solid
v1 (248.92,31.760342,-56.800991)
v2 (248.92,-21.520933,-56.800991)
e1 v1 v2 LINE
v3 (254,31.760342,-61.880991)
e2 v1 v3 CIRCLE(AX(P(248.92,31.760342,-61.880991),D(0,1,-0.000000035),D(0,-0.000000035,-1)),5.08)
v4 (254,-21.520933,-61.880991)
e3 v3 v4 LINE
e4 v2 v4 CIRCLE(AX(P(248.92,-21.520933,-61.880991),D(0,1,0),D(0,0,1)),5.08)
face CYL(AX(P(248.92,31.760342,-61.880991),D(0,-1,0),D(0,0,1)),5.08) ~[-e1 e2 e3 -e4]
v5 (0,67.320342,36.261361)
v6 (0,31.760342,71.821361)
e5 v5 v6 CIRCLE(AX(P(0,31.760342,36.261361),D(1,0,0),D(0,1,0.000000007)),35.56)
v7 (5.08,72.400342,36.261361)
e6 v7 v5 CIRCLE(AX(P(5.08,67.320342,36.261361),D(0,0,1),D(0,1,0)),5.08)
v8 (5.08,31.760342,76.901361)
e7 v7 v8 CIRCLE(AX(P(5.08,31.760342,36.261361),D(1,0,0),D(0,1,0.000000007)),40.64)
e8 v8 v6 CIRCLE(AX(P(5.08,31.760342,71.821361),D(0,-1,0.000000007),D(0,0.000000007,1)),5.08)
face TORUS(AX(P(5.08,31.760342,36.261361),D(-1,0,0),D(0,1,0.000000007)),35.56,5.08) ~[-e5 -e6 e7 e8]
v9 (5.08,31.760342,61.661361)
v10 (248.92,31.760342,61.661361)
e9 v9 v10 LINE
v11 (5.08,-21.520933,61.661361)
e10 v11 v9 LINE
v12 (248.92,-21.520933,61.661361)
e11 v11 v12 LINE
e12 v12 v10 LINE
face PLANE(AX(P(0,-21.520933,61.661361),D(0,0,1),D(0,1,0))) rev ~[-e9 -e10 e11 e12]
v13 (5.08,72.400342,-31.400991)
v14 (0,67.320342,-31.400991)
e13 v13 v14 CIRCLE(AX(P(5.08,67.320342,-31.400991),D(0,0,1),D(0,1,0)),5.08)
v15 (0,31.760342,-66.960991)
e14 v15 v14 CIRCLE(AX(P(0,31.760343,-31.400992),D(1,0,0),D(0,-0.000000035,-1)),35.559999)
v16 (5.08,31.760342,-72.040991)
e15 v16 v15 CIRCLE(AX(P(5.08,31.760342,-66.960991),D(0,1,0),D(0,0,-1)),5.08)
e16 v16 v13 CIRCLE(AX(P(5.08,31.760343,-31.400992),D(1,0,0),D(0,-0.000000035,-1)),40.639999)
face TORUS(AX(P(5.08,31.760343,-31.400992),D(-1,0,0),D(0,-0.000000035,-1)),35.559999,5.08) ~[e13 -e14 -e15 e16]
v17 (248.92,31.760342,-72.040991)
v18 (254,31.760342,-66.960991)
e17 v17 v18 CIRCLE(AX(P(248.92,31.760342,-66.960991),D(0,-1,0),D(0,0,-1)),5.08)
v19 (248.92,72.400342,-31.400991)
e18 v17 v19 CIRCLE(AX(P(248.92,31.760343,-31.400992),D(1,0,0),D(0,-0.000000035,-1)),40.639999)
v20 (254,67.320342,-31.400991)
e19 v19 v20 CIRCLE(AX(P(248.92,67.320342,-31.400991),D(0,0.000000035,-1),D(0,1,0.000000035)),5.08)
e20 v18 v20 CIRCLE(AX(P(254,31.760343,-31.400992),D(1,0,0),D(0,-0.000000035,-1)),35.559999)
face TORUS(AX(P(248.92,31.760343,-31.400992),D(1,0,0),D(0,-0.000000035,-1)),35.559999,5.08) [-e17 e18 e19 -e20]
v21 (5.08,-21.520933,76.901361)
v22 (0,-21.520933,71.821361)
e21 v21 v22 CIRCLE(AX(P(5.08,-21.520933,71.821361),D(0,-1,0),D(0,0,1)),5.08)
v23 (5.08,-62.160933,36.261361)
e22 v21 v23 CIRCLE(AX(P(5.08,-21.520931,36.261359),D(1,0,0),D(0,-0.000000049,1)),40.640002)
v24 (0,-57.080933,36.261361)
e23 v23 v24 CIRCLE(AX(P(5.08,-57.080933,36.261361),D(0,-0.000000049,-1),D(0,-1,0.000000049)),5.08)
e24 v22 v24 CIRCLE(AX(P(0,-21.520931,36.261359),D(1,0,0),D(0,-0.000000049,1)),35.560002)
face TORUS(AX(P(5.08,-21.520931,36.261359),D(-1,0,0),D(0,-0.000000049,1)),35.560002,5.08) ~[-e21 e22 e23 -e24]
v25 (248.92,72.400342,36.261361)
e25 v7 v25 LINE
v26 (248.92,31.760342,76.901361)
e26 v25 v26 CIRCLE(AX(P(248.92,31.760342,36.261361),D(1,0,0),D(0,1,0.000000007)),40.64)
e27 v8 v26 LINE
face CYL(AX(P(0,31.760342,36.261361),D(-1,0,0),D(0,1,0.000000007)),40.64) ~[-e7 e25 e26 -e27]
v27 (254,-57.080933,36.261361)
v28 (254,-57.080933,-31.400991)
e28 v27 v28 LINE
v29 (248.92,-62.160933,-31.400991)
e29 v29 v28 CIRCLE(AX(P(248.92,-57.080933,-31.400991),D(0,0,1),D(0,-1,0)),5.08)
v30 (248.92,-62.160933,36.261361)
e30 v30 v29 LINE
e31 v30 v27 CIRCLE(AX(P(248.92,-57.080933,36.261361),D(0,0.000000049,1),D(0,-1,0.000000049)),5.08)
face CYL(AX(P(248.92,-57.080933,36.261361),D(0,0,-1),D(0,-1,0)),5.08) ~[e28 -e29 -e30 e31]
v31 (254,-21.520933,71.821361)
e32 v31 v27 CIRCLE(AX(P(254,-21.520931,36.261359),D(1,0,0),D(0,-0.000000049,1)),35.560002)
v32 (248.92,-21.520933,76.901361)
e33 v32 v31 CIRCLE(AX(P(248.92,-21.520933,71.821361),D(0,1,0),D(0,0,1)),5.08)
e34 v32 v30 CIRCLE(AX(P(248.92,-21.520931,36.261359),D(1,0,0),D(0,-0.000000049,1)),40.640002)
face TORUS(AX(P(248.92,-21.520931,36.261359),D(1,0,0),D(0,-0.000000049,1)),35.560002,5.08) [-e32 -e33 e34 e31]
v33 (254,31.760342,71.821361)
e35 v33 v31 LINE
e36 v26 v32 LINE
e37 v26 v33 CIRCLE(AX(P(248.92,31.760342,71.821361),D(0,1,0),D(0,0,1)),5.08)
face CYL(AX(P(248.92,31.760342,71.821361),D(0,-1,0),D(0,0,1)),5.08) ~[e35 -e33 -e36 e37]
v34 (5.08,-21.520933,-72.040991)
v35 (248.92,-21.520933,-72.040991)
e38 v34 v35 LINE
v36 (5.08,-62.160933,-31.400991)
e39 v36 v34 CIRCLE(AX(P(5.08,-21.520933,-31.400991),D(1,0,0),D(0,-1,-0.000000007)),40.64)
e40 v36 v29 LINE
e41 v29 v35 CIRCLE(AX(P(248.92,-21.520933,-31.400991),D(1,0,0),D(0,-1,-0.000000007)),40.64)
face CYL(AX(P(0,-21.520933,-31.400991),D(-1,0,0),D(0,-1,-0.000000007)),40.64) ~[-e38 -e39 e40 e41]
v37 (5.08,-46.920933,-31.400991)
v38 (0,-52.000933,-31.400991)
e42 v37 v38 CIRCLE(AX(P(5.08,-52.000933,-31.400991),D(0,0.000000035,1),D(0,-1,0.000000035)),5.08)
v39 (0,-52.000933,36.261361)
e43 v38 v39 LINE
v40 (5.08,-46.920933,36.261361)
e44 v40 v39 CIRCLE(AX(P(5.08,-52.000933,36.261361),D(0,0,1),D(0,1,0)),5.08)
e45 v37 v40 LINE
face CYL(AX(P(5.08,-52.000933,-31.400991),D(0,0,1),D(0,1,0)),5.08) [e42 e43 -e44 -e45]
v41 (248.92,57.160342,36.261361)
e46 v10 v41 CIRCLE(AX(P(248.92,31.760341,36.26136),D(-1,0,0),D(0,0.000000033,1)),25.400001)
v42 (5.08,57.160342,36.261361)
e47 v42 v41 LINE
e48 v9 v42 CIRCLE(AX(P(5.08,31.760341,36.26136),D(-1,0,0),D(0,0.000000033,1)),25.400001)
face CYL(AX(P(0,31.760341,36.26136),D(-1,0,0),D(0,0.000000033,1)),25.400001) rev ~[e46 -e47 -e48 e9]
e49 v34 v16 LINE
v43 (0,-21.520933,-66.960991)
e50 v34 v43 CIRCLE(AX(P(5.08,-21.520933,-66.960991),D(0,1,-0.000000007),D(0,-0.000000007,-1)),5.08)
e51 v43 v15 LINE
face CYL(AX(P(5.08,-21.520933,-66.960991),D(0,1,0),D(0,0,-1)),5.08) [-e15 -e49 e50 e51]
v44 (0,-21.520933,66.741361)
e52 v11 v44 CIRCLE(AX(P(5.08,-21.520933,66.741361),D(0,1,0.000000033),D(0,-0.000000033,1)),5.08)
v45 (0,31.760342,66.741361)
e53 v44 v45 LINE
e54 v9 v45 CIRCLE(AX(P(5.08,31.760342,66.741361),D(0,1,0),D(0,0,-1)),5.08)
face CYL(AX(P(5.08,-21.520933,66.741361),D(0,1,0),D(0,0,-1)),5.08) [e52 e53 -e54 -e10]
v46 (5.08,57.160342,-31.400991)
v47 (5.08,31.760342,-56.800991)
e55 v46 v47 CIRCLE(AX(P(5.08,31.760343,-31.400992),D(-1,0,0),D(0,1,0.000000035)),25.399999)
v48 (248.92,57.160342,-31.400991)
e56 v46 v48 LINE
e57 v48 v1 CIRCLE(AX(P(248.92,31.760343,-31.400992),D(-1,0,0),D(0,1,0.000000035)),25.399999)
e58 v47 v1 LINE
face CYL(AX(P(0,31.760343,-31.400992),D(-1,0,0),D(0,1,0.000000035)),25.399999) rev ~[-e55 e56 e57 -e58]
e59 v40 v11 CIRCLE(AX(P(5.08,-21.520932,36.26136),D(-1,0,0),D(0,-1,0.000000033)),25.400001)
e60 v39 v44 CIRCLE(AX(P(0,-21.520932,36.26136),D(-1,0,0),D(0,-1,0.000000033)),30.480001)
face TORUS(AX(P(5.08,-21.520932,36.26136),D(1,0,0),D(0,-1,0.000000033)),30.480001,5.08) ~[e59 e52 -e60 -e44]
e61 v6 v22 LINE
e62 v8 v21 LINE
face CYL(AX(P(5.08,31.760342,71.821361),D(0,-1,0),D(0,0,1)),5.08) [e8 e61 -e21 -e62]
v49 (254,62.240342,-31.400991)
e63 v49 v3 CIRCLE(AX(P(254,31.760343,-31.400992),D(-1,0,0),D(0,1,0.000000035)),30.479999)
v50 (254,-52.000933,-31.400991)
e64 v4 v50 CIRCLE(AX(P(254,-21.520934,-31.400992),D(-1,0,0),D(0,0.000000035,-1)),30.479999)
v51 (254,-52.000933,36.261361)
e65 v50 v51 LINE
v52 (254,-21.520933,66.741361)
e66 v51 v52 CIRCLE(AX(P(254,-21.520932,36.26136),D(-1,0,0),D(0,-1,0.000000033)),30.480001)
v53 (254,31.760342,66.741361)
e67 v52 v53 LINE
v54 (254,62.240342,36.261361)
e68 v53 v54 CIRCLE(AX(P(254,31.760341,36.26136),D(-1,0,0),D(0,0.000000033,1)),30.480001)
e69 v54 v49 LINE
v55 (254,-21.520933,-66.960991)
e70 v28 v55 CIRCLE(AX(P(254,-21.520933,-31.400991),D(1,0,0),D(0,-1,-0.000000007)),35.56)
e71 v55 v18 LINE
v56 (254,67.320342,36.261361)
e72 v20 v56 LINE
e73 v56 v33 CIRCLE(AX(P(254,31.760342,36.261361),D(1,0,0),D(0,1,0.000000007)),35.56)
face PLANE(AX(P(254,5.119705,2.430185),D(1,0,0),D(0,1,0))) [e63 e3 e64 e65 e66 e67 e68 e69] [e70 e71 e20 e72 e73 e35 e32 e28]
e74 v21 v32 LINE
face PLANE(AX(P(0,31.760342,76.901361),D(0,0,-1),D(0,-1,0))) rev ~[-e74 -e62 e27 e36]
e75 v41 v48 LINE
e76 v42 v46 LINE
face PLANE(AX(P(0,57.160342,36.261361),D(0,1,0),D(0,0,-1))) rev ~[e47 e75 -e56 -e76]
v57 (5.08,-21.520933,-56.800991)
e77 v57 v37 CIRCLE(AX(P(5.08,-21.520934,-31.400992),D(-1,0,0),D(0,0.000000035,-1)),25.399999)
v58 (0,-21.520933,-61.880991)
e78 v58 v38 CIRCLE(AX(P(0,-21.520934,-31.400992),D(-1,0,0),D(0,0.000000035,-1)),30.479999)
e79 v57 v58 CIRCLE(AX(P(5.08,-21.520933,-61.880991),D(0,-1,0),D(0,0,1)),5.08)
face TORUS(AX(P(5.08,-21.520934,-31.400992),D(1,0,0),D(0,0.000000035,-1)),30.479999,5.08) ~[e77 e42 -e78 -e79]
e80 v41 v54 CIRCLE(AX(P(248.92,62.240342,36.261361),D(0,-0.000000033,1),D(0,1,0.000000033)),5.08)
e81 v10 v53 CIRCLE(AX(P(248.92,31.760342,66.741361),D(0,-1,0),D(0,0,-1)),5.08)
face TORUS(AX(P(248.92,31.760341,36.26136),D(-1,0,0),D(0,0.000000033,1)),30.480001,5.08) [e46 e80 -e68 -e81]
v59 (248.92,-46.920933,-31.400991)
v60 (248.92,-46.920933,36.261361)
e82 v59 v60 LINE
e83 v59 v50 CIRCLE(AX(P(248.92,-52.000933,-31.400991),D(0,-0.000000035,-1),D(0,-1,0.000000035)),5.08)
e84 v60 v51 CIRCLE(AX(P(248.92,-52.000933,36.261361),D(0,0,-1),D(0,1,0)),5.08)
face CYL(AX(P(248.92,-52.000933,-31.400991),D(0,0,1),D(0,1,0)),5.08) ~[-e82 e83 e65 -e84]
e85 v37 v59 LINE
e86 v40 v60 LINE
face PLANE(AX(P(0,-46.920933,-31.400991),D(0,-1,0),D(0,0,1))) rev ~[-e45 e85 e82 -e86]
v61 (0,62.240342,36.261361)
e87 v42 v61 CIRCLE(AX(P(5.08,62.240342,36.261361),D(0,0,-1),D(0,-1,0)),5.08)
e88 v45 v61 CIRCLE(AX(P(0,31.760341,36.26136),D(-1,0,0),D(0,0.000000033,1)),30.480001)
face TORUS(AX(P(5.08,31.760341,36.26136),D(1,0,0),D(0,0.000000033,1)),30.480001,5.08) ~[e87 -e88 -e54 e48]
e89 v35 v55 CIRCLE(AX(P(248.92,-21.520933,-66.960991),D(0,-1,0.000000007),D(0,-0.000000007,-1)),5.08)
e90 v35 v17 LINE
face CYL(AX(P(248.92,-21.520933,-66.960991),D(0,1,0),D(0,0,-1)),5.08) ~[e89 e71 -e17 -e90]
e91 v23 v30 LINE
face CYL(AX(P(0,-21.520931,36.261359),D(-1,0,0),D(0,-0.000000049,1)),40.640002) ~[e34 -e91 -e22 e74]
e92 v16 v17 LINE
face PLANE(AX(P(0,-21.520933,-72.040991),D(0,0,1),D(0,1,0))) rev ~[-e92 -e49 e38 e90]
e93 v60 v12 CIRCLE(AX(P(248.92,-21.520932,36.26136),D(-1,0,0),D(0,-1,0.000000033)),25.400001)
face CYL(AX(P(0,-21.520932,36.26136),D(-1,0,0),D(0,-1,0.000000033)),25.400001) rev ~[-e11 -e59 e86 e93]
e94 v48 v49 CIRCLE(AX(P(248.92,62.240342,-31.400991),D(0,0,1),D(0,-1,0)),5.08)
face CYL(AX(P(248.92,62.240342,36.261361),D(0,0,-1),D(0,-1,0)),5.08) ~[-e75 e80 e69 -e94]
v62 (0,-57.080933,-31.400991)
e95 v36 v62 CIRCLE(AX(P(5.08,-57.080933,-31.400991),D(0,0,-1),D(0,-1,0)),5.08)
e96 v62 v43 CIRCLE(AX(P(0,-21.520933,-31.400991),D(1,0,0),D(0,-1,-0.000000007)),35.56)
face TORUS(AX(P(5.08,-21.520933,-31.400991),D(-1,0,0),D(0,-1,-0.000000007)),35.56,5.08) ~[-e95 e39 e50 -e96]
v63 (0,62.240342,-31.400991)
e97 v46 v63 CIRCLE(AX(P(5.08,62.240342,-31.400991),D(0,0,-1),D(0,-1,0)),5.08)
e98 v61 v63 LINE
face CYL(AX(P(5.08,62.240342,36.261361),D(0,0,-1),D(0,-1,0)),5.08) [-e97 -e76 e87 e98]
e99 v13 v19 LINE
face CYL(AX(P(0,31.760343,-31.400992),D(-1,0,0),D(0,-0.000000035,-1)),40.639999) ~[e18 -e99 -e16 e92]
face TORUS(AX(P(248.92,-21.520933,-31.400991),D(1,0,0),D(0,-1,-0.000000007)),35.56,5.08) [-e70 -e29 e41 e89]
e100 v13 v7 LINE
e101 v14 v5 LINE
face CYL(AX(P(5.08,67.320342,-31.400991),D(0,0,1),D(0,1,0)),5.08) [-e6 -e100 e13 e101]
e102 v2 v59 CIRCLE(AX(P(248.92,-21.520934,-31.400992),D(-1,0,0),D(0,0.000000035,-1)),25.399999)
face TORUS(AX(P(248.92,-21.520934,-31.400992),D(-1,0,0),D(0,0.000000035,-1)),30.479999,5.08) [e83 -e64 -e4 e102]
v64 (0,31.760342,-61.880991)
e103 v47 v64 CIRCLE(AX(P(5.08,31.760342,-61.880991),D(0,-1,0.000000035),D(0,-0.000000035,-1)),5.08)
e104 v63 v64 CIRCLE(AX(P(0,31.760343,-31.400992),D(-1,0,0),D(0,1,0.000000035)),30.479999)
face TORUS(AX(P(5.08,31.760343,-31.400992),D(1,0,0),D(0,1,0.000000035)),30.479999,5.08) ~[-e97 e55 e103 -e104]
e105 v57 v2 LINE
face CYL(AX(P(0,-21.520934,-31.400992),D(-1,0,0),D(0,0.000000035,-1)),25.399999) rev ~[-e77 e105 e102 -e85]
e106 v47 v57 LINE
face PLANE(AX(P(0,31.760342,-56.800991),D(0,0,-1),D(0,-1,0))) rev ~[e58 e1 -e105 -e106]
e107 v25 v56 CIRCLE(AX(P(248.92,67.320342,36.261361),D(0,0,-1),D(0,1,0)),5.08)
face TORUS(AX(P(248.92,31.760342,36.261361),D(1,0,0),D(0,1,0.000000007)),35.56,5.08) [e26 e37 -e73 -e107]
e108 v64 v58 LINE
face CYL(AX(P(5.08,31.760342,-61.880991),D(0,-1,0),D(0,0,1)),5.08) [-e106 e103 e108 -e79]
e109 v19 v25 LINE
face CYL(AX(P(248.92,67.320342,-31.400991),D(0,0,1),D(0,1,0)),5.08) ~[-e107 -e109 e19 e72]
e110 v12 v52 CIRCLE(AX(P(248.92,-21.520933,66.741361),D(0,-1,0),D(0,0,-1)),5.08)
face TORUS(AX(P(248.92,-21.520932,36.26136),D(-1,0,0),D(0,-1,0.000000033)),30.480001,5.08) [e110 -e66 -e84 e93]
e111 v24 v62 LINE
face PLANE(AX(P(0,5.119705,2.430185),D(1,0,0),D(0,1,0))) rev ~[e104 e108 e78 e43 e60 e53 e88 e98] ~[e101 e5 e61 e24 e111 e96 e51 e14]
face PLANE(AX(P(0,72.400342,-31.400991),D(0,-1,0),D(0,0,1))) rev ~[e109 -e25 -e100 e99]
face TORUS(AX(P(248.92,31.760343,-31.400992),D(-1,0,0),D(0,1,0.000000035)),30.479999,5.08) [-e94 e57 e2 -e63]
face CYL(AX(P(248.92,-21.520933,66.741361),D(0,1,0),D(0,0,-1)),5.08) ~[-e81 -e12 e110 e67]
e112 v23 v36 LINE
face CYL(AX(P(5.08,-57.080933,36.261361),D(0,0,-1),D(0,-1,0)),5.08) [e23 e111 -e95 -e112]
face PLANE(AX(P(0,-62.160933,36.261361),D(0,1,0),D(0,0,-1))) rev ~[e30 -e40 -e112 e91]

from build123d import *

# Parameters (mm, degrees)
F1_DEPTH = 254
F2_R     = 5.08


with BuildPart() as f1:
    # F0 (on Right) → F1 (new body)
    with BuildSketch(Plane.YZ):
        with BuildLine():
            Line((72.400342, -31.400991), (72.400342, 36.261361))
            ThreePointArc((72.400342, 36.261361), (60.497162, 64.99818), (31.760342, 76.901361))
            Line((31.760342, 76.901361), (-21.520933, 76.901361))
            ThreePointArc((-21.520933, 76.901361), (-50.257752, 64.99818), (-62.160933, 36.261361))
            Line((-62.160933, 36.261361), (-62.160933, -31.400991))
            ThreePointArc((-62.160933, -31.400991), (-50.257752, -60.137811), (-21.520933, -72.040991))
            Line((-21.520933, -72.040991), (31.760342, -72.040991))
            ThreePointArc((31.760342, -72.040991), (60.497162, -60.137811), (72.400342, -31.400991))
        make_face()
        with BuildLine():
            ThreePointArc((-46.920933, 36.261361), (-39.481445, 54.221873), (-21.520933, 61.661361))
            Line((-21.520933, 61.661361), (31.760342, 61.661361))
            ThreePointArc((31.760342, 61.661361), (49.720854, 54.221873), (57.160342, 36.261361))
            Line((57.160342, 36.261361), (57.160342, -31.400991))
            ThreePointArc((57.160342, -31.400991), (49.720854, -49.361504), (31.760342, -56.800991))
            Line((31.760342, -56.800991), (-21.520933, -56.800991))
            ThreePointArc((-21.520933, -56.800991), (-39.481445, -49.361504), (-46.920933, -31.400991))
            Line((-46.920933, -31.400991), (-46.920933, 36.261361))
        make_face(mode=Mode.SUBTRACT)
    extrude(amount=F1_DEPTH)

    # F2
    f2_edges = [f1.edges().sort_by_distance(p)[0] for p in [
        (254, 5.119705, 61.661361),
        (254, 5.119705, 76.901361),
        (254, 60.497162, 64.99818),
        (254, 49.720854, 54.221873),
        (254, 57.160342, 2.430185),
        (254, 60.497162, -60.137811),
        (254, 49.720854, -49.361504),
        (254, 72.400342, 2.430185),
        (254, 5.119705, -56.800991),
        (254, 5.119705, -72.040991),
        (254, -39.481445, -49.361504),
        (254, -50.257752, -60.137811),
        (254, -62.160933, 2.430185),
        (254, -46.920933, 2.430185),
        (254, -50.257752, 64.99818),
        (254, -39.481445, 54.221873),
        (0, 72.400342, 2.430185),
        (0, 57.160342, 2.430185),
        (0, 60.497162, 64.99818),
        (0, 5.119705, 61.661361),
        (0, 49.720854, 54.221873),
        (0, 5.119705, 76.901361),
        (0, -50.257752, 64.99818),
        (0, -39.481445, 54.221873),
        (0, -46.920933, 2.430185),
        (0, -62.160933, 2.430185),
        (0, -50.257752, -60.137811),
        (0, -39.481445, -49.361504),
        (0, 5.119705, -72.040991),
        (0, 5.119705, -56.800991),
        (0, 60.497162, -60.137811),
        (0, 49.720854, -49.361504),
    ]]
    fillet(f2_edges, radius=F2_R)


solid = f1.part
